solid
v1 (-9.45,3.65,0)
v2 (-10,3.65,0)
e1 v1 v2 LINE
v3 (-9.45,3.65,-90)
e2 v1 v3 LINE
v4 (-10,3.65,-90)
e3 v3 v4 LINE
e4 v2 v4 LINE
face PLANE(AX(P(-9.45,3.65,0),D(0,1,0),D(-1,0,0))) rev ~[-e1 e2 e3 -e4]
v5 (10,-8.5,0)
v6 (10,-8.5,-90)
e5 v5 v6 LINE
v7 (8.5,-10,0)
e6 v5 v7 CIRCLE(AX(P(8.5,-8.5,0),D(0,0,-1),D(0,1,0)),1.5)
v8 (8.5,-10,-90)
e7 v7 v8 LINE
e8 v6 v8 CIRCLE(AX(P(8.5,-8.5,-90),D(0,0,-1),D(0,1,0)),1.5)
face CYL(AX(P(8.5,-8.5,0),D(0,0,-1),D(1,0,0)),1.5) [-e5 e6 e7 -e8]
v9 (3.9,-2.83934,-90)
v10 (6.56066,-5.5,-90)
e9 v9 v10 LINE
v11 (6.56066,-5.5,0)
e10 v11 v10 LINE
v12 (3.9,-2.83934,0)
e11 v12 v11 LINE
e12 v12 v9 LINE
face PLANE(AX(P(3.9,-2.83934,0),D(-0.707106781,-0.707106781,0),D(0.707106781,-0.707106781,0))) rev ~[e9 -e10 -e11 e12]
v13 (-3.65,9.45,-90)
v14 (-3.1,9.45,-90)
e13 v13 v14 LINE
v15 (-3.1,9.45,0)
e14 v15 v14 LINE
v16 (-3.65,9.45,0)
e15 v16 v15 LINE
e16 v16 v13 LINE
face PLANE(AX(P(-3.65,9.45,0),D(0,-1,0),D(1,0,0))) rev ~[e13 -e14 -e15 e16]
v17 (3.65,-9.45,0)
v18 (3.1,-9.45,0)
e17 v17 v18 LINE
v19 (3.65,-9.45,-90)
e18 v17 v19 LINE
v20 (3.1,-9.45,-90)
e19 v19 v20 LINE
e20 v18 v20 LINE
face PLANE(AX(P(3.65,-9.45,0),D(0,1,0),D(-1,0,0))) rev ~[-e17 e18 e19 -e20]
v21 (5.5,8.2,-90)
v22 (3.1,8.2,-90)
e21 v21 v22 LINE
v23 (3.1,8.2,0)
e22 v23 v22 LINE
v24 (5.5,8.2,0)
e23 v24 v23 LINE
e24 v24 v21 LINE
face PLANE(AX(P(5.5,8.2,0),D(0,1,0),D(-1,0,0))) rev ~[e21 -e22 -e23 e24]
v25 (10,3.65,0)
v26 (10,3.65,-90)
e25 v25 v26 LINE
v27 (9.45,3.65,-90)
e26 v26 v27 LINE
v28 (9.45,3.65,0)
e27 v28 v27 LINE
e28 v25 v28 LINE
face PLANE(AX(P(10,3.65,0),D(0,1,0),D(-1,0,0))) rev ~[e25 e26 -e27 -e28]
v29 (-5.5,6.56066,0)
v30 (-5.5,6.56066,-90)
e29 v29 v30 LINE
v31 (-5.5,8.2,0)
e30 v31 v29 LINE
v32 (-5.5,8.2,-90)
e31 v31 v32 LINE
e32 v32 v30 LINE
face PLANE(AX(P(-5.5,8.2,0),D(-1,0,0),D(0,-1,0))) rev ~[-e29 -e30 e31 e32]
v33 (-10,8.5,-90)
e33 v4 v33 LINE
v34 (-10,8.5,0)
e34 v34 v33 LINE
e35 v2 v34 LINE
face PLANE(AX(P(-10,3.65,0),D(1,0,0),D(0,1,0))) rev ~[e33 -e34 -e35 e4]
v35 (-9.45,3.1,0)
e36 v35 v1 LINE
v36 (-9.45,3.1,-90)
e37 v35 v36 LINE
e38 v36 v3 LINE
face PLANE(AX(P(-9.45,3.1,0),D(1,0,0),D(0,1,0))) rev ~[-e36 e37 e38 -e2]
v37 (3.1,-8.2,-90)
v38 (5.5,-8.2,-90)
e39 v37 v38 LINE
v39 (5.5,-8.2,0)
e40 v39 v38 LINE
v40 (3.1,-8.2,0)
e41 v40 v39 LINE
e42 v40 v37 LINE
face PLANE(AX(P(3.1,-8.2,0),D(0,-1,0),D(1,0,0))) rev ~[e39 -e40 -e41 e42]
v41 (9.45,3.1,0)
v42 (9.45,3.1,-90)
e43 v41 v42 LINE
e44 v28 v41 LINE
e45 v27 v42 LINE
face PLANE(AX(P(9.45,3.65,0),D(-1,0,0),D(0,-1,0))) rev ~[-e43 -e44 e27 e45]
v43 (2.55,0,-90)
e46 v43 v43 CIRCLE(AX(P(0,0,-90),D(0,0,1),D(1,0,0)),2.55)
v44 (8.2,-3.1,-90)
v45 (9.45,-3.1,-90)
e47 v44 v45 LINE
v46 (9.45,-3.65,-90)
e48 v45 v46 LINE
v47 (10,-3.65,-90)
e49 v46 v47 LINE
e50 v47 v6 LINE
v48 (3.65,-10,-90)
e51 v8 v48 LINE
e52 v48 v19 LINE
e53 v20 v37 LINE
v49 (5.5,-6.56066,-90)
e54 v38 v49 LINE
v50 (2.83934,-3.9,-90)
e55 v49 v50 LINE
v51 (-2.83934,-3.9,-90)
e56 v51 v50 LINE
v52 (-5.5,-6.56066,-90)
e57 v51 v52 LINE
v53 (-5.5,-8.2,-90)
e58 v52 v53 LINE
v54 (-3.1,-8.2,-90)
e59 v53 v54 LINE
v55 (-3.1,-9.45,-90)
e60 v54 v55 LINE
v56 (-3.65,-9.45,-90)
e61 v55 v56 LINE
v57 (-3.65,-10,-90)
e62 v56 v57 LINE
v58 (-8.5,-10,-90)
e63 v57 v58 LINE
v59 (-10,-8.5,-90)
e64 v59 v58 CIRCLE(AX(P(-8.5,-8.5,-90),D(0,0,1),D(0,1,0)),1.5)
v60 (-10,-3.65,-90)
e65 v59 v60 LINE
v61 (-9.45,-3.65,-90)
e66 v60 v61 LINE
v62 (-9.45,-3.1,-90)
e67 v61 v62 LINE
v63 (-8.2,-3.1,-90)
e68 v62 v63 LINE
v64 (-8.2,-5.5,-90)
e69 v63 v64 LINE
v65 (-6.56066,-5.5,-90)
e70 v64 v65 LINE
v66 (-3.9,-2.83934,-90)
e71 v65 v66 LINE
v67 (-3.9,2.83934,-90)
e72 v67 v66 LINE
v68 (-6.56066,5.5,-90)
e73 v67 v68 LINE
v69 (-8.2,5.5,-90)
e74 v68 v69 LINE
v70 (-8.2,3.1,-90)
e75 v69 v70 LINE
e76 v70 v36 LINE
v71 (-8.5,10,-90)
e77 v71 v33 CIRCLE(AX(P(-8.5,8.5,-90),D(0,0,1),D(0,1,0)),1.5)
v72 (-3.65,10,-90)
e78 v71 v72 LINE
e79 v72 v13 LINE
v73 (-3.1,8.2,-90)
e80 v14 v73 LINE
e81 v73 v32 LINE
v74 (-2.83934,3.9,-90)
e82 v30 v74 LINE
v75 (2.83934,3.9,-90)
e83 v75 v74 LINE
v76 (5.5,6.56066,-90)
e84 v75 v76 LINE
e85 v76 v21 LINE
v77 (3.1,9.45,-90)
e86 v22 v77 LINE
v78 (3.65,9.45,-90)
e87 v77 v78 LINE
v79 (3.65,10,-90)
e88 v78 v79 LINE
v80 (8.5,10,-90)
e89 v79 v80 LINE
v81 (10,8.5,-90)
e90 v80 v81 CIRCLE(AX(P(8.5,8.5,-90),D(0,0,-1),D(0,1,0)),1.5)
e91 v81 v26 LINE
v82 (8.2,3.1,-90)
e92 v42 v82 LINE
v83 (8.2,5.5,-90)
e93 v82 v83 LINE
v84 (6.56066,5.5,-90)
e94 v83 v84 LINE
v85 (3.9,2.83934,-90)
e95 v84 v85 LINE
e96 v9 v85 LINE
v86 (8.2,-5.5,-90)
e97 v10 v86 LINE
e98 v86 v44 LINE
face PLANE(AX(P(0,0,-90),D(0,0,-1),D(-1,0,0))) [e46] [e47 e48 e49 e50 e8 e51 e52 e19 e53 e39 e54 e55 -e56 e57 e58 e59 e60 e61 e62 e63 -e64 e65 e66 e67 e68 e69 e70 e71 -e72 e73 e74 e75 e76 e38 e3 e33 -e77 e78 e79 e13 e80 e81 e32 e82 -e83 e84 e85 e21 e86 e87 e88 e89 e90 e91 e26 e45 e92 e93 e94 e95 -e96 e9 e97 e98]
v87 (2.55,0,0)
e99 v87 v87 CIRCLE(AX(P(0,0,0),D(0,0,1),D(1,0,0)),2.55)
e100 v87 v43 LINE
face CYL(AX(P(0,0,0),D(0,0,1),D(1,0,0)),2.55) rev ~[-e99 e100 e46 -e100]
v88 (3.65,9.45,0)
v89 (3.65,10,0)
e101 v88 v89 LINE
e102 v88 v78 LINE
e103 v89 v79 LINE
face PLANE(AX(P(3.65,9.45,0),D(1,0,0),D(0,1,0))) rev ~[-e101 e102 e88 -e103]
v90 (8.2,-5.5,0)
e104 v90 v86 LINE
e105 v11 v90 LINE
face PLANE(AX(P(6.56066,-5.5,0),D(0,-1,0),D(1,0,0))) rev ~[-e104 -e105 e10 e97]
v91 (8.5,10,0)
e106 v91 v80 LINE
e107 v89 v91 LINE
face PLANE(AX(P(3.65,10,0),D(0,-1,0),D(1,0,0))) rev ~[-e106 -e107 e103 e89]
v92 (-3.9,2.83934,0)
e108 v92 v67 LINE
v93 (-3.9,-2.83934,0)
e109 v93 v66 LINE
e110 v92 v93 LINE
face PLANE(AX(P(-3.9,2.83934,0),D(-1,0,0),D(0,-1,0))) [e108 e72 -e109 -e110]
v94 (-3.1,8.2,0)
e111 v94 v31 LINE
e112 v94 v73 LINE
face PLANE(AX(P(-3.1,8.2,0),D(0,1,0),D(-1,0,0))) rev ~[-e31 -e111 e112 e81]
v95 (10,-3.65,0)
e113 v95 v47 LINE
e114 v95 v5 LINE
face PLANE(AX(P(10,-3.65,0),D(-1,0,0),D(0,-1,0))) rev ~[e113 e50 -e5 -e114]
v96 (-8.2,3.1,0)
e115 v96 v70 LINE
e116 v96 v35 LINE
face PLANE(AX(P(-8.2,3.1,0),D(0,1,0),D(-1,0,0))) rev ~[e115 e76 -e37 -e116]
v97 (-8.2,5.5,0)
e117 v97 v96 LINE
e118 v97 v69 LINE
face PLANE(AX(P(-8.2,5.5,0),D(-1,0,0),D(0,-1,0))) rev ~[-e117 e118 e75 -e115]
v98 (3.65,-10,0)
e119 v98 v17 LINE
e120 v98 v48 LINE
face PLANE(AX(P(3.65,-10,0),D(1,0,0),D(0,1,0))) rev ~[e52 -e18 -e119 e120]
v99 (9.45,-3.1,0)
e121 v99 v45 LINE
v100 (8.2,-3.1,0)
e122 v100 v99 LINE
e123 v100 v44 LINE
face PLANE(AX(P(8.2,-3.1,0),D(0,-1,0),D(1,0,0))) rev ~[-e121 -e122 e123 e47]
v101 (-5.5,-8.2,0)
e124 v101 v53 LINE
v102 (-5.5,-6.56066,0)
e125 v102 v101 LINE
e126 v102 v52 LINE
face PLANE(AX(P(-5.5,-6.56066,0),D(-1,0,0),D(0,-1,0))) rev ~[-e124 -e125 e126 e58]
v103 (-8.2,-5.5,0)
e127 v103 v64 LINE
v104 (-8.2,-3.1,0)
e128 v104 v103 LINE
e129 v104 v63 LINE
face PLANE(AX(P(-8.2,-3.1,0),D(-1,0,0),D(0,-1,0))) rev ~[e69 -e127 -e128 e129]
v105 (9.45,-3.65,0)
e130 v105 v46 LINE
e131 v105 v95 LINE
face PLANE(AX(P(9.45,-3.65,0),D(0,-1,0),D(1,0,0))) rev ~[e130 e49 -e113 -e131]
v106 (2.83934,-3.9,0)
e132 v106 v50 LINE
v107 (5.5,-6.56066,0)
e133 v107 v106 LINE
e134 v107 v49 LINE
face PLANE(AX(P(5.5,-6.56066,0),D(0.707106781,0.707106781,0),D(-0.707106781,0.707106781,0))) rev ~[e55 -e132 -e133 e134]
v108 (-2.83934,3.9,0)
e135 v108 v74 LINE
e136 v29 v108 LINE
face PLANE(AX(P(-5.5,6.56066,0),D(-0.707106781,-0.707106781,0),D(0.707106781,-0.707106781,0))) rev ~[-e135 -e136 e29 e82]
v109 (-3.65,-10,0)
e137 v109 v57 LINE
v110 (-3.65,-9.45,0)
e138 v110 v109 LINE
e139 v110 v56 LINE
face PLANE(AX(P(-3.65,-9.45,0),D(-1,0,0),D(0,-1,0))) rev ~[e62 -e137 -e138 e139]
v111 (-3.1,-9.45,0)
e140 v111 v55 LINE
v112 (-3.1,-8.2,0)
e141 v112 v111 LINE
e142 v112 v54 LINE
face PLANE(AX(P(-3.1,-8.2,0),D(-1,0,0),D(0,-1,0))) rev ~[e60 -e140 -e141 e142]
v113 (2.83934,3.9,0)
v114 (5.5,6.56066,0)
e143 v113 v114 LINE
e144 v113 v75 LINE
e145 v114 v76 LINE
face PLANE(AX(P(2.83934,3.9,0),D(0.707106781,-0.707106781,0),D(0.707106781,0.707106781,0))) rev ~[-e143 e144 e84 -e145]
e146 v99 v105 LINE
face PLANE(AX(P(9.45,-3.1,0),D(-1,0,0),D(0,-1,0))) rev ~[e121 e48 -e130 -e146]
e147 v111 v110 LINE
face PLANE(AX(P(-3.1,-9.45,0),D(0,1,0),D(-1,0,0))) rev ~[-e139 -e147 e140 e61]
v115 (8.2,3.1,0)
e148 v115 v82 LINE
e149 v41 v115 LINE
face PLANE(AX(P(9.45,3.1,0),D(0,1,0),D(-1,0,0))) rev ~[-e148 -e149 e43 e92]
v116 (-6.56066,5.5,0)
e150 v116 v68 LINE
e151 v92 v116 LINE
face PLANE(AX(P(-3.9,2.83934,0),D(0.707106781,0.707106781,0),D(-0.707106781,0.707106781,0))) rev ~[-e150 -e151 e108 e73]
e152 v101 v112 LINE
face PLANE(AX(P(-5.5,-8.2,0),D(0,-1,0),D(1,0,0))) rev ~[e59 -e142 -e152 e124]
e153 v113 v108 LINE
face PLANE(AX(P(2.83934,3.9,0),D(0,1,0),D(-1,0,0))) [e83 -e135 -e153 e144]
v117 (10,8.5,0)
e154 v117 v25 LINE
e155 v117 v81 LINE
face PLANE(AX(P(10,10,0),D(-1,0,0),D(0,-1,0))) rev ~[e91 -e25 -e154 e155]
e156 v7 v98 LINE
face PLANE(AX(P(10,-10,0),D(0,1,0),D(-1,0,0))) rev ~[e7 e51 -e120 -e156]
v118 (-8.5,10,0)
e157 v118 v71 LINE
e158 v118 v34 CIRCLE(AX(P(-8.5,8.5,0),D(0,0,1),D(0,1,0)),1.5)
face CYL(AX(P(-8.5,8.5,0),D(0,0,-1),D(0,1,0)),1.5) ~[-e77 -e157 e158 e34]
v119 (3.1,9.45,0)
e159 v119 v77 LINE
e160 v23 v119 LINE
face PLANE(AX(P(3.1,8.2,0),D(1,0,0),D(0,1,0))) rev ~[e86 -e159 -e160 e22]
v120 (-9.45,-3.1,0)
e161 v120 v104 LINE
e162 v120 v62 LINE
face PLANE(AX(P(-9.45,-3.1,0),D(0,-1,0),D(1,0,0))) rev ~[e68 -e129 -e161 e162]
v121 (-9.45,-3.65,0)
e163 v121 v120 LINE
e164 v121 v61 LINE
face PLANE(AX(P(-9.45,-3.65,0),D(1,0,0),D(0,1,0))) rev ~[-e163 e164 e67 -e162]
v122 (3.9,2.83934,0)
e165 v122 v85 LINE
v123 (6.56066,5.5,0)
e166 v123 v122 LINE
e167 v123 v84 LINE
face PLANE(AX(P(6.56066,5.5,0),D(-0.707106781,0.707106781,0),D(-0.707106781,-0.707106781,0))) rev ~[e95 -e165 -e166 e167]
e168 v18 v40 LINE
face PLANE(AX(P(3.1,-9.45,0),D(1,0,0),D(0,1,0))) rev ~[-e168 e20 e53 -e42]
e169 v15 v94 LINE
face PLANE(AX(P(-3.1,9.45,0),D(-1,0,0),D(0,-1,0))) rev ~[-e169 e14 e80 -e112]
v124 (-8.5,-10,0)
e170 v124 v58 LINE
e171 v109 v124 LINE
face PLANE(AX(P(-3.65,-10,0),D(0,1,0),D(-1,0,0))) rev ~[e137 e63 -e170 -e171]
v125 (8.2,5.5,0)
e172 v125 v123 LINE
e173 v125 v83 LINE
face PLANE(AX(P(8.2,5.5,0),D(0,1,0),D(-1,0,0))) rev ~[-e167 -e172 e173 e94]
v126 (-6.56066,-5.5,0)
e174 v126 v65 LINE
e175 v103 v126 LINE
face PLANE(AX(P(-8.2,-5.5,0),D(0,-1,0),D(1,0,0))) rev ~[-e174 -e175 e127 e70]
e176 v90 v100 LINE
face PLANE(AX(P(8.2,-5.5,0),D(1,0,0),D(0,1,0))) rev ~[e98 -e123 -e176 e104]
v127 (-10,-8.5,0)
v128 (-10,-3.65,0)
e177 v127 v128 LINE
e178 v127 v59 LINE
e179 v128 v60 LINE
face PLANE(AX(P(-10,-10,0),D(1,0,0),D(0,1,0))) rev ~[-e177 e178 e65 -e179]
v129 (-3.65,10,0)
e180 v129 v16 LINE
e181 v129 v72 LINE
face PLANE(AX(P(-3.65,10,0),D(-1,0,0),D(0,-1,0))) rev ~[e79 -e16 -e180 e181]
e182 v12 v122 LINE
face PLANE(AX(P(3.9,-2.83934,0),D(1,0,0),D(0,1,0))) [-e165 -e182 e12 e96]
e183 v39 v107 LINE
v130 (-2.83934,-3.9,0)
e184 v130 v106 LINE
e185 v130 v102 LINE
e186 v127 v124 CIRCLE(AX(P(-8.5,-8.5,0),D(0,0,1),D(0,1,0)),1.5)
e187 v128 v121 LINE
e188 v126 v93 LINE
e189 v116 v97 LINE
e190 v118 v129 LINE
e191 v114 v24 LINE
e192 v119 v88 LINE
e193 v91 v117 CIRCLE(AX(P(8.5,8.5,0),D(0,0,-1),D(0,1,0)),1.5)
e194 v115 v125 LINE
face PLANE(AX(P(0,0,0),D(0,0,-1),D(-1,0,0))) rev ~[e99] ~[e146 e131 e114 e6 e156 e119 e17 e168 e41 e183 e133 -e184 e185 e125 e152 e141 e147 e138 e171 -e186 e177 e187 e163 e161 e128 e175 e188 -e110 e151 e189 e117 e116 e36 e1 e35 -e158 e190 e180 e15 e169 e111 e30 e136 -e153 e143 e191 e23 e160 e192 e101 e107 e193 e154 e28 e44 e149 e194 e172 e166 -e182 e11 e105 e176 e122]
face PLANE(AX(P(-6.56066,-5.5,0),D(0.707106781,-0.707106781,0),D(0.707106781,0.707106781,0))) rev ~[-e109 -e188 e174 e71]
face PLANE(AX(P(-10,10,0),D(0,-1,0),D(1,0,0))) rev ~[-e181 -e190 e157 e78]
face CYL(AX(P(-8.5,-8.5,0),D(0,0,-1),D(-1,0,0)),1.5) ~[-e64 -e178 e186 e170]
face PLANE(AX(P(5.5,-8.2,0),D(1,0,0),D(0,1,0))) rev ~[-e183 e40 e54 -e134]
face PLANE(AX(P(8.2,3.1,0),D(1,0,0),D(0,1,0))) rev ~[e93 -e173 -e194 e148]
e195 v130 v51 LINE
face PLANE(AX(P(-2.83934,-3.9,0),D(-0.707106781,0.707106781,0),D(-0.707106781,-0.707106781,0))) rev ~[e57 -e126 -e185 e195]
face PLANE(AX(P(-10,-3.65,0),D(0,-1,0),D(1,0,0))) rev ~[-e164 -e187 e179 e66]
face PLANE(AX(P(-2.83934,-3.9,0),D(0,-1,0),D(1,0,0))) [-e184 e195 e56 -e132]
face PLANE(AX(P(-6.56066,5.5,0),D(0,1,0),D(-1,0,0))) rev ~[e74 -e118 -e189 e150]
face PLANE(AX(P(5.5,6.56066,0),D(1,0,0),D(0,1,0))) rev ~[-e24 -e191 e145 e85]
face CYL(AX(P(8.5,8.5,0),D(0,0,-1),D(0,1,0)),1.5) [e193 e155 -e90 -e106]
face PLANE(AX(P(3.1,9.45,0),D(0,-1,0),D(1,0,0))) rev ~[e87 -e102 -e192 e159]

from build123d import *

# Parameters (mm, degrees)
BOSS_EXTRUDE1_DEPTH = 90
SKETCH3_R           = 2.55
CUT_EXTRUDE1_DEPTH  = 92.104335791
FILLET1_R           = 1.5


with BuildPart() as part:
    # Sketch2 → Boss-Extrude1 (new body)
    with BuildSketch(Plane.XY):
        Polygon((-10, 10), (-3.65, 10), (-3.65, 9.45), (-3.1, 9.45), (-3.1, 8.2), (-5.5, 8.2), (-5.5, 6.560660172), (-2.839339828, 3.9), (0, 3.9), (2.839339828, 3.9), (5.5, 6.560660172), (5.5, 8.2), (3.1, 8.2), (3.1, 9.45), (3.65, 9.45), (3.65, 10), (10, 10), (10, 3.65), (9.45, 3.65), (9.45, 3.1), (8.2, 3.1), (8.2, 5.5), (6.560660172, 5.5), (3.9, 2.839339828), (3.9, 0), (3.9, -2.839339828), (6.560660172, -5.5), (8.2, -5.5), (8.2, -3.1), (9.45, -3.1), (9.45, -3.65), (10, -3.65), (10, -10), (3.65, -10), (3.65, -9.45), (3.1, -9.45), (3.1, -8.2), (5.5, -8.2), (5.5, -6.560660172), (2.839339828, -3.9), (0, -3.9), (-2.839339828, -3.9), (-5.5, -6.560660172), (-5.5, -8.2), (-3.1, -8.2), (-3.1, -9.45), (-3.65, -9.45), (-3.65, -10), (-10, -10), (-10, -3.65), (-9.45, -3.65), (-9.45, -3.1), (-8.2, -3.1), (-8.2, -5.5), (-6.560660172, -5.5), (-3.9, -2.839339828), (-3.9, 0), (-3.9, 2.839339828), (-6.560660172, 5.5), (-8.2, 5.5), (-8.2, 3.1), (-9.45, 3.1), (-9.45, 3.65), (-10, 3.65), align=None)
    extrude(amount=-BOSS_EXTRUDE1_DEPTH)

    # Sketch3 → Cut-Extrude1 (cut, through all)
    with BuildSketch(Plane.XY):
        Circle(SKETCH3_R)
    extrude(amount=-CUT_EXTRUDE1_DEPTH, mode=Mode.SUBTRACT)

    # Fillet1
    fillet1_edges = [part.edges().sort_by_distance(p)[0] for p in [
        (10, 10, -45),
        (10, -10, -45),
        (-10, -10, -45),
        (-10, 10, -45),
    ]]
    fillet(fillet1_edges, radius=FILLET1_R)


solid = part.part
